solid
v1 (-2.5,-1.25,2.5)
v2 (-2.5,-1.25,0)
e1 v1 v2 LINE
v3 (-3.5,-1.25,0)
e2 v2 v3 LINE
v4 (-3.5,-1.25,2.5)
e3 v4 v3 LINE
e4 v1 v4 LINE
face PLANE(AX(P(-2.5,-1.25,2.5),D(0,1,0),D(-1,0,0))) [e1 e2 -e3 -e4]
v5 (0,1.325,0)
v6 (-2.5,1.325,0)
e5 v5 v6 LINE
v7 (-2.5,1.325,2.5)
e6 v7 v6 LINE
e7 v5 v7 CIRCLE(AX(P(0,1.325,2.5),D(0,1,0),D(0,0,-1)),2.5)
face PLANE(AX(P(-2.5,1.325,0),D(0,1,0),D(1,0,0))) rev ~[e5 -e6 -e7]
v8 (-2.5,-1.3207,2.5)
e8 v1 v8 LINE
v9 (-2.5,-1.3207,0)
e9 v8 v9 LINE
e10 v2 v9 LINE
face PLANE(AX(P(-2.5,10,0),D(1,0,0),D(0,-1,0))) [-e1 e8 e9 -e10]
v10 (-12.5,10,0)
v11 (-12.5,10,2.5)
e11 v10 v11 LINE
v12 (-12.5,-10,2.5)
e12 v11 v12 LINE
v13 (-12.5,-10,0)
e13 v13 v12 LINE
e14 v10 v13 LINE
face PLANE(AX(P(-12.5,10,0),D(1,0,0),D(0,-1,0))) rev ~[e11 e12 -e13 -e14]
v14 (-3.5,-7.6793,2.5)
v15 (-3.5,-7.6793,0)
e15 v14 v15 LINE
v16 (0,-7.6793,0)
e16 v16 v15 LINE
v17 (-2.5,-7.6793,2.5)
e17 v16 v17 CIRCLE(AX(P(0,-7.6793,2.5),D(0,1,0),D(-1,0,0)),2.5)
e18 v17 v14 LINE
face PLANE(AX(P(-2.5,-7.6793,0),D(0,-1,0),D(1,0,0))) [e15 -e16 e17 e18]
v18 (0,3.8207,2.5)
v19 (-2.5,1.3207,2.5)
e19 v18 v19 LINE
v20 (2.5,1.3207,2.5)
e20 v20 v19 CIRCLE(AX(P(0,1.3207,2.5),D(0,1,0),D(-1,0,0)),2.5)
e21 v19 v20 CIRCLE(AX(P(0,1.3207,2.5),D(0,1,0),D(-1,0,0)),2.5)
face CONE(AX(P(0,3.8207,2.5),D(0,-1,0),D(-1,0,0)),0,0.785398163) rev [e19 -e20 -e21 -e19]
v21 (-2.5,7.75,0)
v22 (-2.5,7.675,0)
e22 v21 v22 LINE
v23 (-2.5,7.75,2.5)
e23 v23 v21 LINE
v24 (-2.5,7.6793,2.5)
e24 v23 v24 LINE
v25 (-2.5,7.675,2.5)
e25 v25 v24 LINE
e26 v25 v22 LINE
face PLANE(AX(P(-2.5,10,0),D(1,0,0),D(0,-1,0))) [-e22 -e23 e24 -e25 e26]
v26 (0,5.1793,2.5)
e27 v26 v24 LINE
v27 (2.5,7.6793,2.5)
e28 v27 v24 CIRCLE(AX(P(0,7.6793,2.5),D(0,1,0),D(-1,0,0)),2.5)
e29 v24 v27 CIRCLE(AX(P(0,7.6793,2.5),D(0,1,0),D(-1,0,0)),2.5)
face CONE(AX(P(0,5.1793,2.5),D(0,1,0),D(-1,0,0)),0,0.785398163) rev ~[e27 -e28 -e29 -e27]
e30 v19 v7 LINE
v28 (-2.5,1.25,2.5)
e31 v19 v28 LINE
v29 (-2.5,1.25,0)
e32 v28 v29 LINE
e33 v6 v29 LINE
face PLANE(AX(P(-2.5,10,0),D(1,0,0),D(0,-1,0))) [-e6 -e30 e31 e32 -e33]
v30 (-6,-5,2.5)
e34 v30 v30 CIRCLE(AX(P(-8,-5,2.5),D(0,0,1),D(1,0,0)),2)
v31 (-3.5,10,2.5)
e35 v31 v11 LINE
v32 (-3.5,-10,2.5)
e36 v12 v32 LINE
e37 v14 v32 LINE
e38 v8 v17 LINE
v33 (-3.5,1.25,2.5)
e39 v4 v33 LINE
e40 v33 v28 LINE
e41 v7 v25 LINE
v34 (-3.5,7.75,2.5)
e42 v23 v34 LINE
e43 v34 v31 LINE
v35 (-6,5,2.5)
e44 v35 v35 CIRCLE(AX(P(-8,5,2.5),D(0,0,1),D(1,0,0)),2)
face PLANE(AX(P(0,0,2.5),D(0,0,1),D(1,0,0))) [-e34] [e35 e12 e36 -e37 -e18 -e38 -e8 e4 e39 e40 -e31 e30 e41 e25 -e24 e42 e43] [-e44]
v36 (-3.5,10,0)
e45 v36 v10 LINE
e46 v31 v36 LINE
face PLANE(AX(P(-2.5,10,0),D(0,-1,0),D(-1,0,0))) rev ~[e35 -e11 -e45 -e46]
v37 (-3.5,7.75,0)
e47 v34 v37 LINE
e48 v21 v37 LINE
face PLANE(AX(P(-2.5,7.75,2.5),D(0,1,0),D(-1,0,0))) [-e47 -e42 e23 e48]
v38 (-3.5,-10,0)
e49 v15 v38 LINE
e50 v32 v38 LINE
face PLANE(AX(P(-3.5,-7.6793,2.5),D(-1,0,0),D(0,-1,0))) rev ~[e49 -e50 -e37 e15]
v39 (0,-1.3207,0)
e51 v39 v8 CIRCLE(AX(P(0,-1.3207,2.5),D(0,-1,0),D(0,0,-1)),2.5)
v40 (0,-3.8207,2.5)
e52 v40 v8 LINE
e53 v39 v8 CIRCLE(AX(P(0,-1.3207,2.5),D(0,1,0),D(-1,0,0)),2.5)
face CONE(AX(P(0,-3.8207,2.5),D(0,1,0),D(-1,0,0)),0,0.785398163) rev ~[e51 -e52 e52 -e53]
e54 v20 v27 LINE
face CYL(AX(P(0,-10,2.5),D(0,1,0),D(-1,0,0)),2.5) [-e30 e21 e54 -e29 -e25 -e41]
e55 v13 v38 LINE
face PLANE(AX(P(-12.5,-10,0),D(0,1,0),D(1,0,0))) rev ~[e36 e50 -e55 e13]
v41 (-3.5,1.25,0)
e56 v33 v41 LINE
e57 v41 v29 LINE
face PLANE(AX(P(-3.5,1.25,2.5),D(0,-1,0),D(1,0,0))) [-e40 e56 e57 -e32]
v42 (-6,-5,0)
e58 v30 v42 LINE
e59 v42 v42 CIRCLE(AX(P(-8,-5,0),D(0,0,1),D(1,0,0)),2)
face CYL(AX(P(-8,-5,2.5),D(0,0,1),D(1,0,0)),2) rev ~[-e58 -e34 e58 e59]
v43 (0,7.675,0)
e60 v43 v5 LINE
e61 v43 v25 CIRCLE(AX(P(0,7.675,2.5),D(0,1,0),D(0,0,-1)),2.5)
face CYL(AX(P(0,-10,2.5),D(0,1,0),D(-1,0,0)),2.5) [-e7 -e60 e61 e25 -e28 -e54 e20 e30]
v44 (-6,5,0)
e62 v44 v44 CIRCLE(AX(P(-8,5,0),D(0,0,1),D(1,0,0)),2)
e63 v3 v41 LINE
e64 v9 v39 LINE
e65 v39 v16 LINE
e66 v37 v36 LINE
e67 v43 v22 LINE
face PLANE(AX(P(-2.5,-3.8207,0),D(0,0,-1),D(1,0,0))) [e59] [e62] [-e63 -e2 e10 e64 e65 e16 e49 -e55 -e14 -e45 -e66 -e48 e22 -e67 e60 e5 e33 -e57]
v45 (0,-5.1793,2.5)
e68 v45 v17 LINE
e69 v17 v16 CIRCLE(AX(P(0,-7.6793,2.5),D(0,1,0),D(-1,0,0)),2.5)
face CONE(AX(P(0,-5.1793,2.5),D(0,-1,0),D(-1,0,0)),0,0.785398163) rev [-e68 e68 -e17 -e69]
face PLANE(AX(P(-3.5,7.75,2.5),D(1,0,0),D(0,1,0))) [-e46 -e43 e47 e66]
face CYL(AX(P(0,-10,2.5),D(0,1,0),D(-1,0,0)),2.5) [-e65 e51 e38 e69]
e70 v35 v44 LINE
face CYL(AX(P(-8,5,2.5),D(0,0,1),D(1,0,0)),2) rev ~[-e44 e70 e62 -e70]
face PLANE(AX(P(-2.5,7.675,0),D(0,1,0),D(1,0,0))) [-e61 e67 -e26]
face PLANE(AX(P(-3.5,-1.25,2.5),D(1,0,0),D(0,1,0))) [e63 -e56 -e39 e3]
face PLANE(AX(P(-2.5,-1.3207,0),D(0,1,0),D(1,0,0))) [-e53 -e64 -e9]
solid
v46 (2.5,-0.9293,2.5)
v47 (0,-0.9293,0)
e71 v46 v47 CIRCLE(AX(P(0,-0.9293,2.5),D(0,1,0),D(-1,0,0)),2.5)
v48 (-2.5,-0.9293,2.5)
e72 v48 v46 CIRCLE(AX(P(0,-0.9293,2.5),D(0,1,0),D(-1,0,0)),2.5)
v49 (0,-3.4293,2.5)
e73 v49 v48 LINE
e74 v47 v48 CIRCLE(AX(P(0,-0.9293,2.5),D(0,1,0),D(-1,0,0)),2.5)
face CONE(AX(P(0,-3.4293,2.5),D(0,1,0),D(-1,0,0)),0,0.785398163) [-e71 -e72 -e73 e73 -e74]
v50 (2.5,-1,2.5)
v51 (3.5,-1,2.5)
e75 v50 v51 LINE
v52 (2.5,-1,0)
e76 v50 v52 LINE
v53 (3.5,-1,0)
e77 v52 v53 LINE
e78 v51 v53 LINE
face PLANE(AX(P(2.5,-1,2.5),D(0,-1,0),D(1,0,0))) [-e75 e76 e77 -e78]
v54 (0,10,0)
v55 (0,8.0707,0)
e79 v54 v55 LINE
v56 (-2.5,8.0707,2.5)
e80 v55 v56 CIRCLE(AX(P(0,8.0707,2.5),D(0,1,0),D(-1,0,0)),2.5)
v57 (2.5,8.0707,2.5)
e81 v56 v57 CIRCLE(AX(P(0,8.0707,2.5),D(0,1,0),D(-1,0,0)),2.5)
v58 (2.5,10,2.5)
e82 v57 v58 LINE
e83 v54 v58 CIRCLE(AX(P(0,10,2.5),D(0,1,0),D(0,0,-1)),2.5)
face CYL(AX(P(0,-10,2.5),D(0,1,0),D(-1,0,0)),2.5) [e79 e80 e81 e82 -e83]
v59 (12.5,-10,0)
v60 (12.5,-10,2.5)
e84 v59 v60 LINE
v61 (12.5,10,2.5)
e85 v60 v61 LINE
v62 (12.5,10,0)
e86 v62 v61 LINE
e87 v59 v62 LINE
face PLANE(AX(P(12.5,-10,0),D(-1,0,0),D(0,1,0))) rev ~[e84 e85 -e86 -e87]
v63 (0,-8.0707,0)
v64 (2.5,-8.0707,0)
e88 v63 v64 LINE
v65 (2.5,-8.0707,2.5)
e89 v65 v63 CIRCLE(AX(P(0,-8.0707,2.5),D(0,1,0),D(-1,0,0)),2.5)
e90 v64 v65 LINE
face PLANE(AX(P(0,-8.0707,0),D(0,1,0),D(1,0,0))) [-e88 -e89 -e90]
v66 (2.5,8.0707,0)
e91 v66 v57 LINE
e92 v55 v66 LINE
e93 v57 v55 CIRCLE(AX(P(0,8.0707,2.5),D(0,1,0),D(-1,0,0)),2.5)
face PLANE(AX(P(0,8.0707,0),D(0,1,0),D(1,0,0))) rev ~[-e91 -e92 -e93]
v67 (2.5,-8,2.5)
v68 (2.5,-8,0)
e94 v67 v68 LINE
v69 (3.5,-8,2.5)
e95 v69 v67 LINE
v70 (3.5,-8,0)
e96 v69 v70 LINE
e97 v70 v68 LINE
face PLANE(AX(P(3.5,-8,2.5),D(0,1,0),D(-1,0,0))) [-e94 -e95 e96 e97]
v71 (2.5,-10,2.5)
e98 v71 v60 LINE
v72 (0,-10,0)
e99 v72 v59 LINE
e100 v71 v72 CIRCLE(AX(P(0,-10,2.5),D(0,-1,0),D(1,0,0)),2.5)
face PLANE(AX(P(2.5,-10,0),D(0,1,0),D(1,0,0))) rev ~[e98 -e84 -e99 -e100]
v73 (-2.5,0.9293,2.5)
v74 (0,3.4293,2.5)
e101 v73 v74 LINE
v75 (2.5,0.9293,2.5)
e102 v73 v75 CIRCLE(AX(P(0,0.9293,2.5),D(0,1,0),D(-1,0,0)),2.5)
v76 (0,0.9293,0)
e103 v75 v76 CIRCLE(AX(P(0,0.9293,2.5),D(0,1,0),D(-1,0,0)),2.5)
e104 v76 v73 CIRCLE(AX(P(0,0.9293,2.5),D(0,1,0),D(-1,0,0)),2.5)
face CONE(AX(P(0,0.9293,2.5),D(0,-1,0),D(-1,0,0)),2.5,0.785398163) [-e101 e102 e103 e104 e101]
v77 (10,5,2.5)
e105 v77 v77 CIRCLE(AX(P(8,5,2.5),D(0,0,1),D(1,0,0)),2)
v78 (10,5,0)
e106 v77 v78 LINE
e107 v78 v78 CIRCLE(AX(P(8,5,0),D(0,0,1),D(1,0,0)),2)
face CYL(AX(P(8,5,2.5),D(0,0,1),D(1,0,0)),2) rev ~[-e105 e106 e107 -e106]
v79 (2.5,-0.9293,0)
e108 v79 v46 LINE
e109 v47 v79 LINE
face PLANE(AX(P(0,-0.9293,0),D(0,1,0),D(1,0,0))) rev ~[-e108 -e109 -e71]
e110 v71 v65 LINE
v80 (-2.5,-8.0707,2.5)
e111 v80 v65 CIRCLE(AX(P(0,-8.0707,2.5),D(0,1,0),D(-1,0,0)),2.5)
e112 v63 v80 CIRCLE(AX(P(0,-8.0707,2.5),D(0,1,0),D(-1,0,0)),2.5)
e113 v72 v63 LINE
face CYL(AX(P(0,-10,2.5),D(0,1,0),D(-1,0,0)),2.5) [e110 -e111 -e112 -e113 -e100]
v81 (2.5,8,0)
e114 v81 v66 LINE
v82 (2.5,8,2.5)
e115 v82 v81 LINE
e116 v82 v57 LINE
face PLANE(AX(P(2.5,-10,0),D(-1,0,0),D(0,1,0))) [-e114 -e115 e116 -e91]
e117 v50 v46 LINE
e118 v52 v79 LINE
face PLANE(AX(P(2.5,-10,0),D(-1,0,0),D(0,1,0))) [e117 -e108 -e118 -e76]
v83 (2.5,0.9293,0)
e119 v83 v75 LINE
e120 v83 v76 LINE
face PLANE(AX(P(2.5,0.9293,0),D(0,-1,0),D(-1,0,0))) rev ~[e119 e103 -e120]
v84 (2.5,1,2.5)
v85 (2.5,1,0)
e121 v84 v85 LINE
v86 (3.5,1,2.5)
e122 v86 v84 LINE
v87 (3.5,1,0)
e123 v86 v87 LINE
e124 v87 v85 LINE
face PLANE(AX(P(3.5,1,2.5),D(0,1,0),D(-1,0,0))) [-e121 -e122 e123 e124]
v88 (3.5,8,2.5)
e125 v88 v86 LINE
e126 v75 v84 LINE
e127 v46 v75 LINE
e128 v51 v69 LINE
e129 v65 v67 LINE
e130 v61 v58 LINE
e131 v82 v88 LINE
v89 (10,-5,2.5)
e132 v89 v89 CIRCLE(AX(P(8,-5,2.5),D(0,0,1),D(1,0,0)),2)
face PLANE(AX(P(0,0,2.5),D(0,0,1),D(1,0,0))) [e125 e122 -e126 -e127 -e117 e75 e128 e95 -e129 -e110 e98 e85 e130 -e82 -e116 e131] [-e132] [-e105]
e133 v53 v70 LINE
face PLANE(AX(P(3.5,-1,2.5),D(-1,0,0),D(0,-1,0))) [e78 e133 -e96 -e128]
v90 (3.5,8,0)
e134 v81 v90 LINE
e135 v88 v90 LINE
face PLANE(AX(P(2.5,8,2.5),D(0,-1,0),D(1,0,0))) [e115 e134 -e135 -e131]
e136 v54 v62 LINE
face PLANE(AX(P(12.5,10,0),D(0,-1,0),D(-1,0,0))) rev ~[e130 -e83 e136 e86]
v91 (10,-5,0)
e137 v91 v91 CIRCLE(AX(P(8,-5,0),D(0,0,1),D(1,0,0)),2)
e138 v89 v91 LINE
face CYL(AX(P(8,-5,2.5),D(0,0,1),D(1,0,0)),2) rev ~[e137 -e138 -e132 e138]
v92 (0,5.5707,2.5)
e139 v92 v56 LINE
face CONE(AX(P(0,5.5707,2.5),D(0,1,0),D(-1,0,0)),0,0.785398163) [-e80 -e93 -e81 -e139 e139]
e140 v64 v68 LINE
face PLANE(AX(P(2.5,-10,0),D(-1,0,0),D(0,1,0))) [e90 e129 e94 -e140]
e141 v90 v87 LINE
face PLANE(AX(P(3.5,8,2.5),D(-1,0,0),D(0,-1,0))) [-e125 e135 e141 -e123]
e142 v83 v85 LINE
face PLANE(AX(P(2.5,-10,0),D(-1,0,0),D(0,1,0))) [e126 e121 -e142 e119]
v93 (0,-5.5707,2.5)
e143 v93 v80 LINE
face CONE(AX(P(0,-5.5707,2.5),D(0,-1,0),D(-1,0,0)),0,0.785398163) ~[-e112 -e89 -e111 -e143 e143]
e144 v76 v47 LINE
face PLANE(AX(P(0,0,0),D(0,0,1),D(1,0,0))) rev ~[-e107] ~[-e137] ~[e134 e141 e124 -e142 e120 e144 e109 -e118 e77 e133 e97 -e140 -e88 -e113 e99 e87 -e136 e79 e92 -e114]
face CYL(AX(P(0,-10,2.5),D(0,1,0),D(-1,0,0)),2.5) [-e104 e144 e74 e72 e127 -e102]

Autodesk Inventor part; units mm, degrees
ref_plane "YZ Plane" through (0, 0, 0) normal (1, 0, 0) x (0, 1, 0)
ref_plane "XZ Plane" through (0, 0, 0) normal (0, 1, 0) x (-1, 0, 0)
sketch "Sketch1" plane through (0, 0, 0) normal (0, 0, 1) x (1, 0, 0)
  line L0 (12.5, -10) -> (12.5, 10)
  line L1 (-12.5, 10) -> (-12.5, -10)
  line L2 (-12.5, -10) -> (12.5, 10) construction
  line L3 (12.5, -10) -> (-12.5, 10) construction
  line L4 (2.5, -10) -> (2.5, 10)
  line L5 (-2.5, 10) -> (-2.5, -10)
  line L6 (-2.5, -10) -> (2.5, 10) construction
  line L7 (2.5, -10) -> (-2.5, 10) construction
  line L8 (12.5, 10) -> (2.5, 10)
  line L9 (-2.5, 10) -> (-12.5, 10)
  line L10 (-12.5, -10) -> (-2.5, -10)
  line L11 (2.5, -10) -> (12.5, -10)
  point P0 (0, 0)
  dimension "d0" = 25
  dimension "d1" = 20
  dimension "d2" = 5
  dimension "d3" = 20
  dimension "d4" = 38.66
  dimension "d5" = 75.964
extrude "Extrusion1" add sketch "Sketch1" along normal blind 2.5
sketch "Sketch2" plane through (0, 0, 2.5) normal (0, 0, 1) x (1, 0, 0)
  line L0 (-2.5, -10) -> (-2.5, 10) projected
  line L1 (12.5, 10) -> (2.5, 10) projected
  line L2 (-2.5, 10) -> (0, 10)
  line L3 (2.5, 10) -> (2.5, -10) projected
  line L4 (-2.5, 10) -> (-2.5, 8.0707)
  line L5 (0, 5.5707) -> (0, 10)
  line L6 (-2.5, 7.75) -> (1.5, 7.75) construction
  line L7 (-2.5, 0) -> (-2.5, 1)
  line L8 (0, 0) -> (0, 3.5)
  line L9 (-2.5, 1) -> (-2.5, 1.25) construction
  line L10 (0, 3.75) -> (0, 5.1793)
  line L11 (-2.5, 1.25) -> (-2.5, 7.6793)
  line L12 (-2.5, -10) -> (0, -10)
  line L13 (-2.5, -10) -> (-2.5, -8.0707)
  line L14 (0, -5.5707) -> (0, -10)
  line L15 (-2.5, 0) -> (-2.5, -0.9293)
  line L16 (0, 0) -> (0, -3.4293)
  line L17 (-2.5, -1) -> (-2.5, -1.25) construction
  line L18 (0, -3.8207) -> (0, -5.1793)
  line L19 (-2.5, -1.3207) -> (-2.5, -7.6793)
  line L20 (0, -5.5707) -> (-2.5, -8.0707)
  line L21 (0, -5.1793) -> (-2.5, -7.6793)
  line L22 (0, -3.8207) -> (-2.5, -1.3207)
  line L23 (0, -3.4293) -> (-2.5, -0.9293)
  line L24 (0, 3.8207) -> (-2.5, 1.3207)
  line L25 (0, 5.1793) -> (-2.5, 7.6793)
  line L26 (0, 5.5707) -> (-2.5, 8.0707)
  line L27 (-2.5, 0.9293) -> (0, 3.4293)
  point P0 (-2.5, 8)
  dimension "d11" = 2
  dimension "d15" = 1
  dimension "d18" = 0.25
  dimension "d19" = 90
  dimension "d20" = 90
  dimension "d21" = 90
  dimension "d22" = 90
  dimension "d23" = 90
  dimension "d24" = 90
  dimension "d25" = 90
  dimension "d26" = 2.5
  dimension "d27" = 2.25
  dimension "d28" = 2.5
  dimension "d33" = 12.5
  dimension "d34" = 12.5
  dimension "d35" = 1
  dimension "d73" = 45
  dimension "d74" = 90
  dimension "d75" = 6.364
  dimension "d76" = 6.6407
  dimension "d77" = 0.2768
  dimension "d78" = 6.364
  dimension "d79" = 6.0872
  dimension "d80" = 0.2768
  dimension "d81" = 4.4694
  dimension "d82" = 12.2476
  dimension "d83" = 15
  dimension "d84" = 15
  dimension "d85" = 6.25
  dimension "d86" = 6.5
  dimension "d87" = 11
  dimension "d88" = 11.25
revolve "Revolution1" add sketch "Sketch2" angle 360 about axis through (0, 0, 2.5) along (0, 1, 0)
sketch "Sketch4" plane through (0, 0, 2.5) normal (0, 0, 1) x (1, 0, 0)
  line L0 (-2.5, -1.3207) -> (-2.5, 8.0707) projected
  line L1 (-2.5, 7.75) -> (-3.5, 7.75)
  line L2 (-3.5, 7.75) -> (-3.5, 10)
  line L3 (-3.5, 10) -> (-2.5, 10)
  line L4 (-2.5, 10) -> (-2.5, 7.75)
  line L5 (2.5, 10) -> (2.5, 8.0707) projected
  line L6 (2.5, 8) -> (3.5, 8)
  line L7 (3.5, 8) -> (3.5, 1)
  line L8 (3.5, 1) -> (2.5, 1)
  line L9 (2.5, 1) -> (2.5, 8)
  line L10 (-2.5, -7.6793) -> (-2.5, -1.3207) projected
  line L11 (-2.5, -1.25) -> (-3.5, -1.25)
  line L12 (-3.5, -1.25) -> (-3.5, 1.25)
  line L13 (-3.5, 1.25) -> (-2.5, 1.25)
  line L14 (-2.5, 1.25) -> (-2.5, -1.25)
  line L15 (2.5, 0.9293) -> (2.5, -0.9293) projected
  line L16 (2.5, -1) -> (3.5, -1)
  line L17 (3.5, -1) -> (3.5, -8)
  line L18 (3.5, -8) -> (2.5, -8)
  line L19 (2.5, -8) -> (2.5, -1)
  line L20 (2.5, -7.6793) -> (-2.5, -7.6793) projected
  line L21 (-2.5, -10) -> (-12.5, -10) projected
  line L22 (-2.5, -7.6793) -> (-3.5, -7.6793)
  line L23 (-3.5, -7.6793) -> (-3.5, -10)
  line L24 (-3.5, -10) -> (-2.5, -10)
  line L25 (-2.5, -10) -> (-2.5, -7.6793)
  point P0 (0, 0)
  point P1 (-2.5, 8)
  point P2 (0, -7.6793)
  dimension "d39" = 1
  dimension "d40" = 2.25
  dimension "d41" = 1
  dimension "d42" = 7
  dimension "d43" = 1
  dimension "d44" = 2.5
  dimension "d45" = 1
  dimension "d46" = 7
  dimension "d47" = 1
extrude "Extrusion3" cut sketch "Sketch4" against normal blind 2.5
sketch "Sketch5" plane through (0, 0, 2.5) normal (0, 0, 1) x (1, 0, 0)
  circle A0 centre (8, -5) radius 2
  line L0 (2.5, -10) -> (12.5, -10) projected
  line L1 (12.5, -10) -> (12.5, 10) projected
  line L2 (-12.5, 10) -> (-12.5, -10) projected
  line L3 (-12.5, -10) -> (-3.5, -10) projected
  circle A1 centre (8, 5) radius 2
  circle A2 centre (-8, -5) radius 2
  circle A3 centre (-8, 5) radius 2
  point P0 (0, 0)
  dimension "d50" = 4
  dimension "d51" = 5
  dimension "d52" = 4.5
  dimension "d57" = 10
  dimension "d60" = 16
extrude "Extrusion4" cut sketch "Sketch5" against normal blind 2.5
sketch "Sketch6" plane through (0, 0, 0) normal (0, 0, -1) x (-1, 0, 0)
  line L0 (-2.5, 8) -> (-2.5, 10) projected
  line L1 (2.5, 8.0707) -> (-2.5, 8.0707) projected
  line L2 (-2.5, 10) -> (0, 10)
  line L3 (0, 10) -> (0, 8.0707)
  line L4 (0, 8.0707) -> (-2.5, 8.0707)
  line L5 (-2.5, 8.0707) -> (-2.5, 10)
  line L6 (2.5, 7.6793) -> (0, 5.1793) projected
  line L7 (2.5, 1.25) -> (3.5, 1.25) projected
  line L8 (-2.5, 0.9293) -> (-2.5, -0.9293) projected
  line L9 (2.5, -0.9293) -> (-2.5, -0.9293) projected
  line L10 (-2.5, 0.9293) -> (0, 0.9293)
  line L11 (0, 0.9293) -> (0, -0.9293)
  line L12 (0, -0.9293) -> (-2.5, -0.9293)
  line L13 (-2.5, -0.9293) -> (-2.5, 0.9293)
  line L14 (-2.5, -8.0707) -> (-2.5, -10) projected
  line L15 (2.5, -8.0707) -> (-2.5, -8.0707) projected
  line L16 (-2.5, -10) -> (0, -10)
  line L17 (0, -10) -> (0, -8.0707)
  line L18 (0, -8.0707) -> (-2.5, -8.0707)
  line L19 (-2.5, -8.0707) -> (-2.5, -10)
  line L20 (0, 3.8207) -> (2.5, 1.3207) projected
  line L21 (0, -5.1793) -> (-2.5, -7.6793) projected
  line L22 (-2.5, -1.3207) -> (0, -3.8207) projected
  line L23 (0, -3.8207) -> (0, -5.1793)
  line L24 (0, -5.1793) -> (2.5, -7.6793) projected
  line L25 (0, 5.1793) -> (2.5, 5.1793)
  line L26 (2.5, 7.75) -> (2.5, 1.25) projected
  line L27 (0, 3.8207) -> (2.5, 3.8207)
  line L28 (2.5, 3.8207) -> (2.5, 5.1793)
  line L29 (0, -3.8207) -> (2.5, -3.8207)
  line L30 (2.5, -1.25) -> (2.5, -7.6793) projected
  line L31 (0, -5.1793) -> (2.5, -5.1793)
  line L32 (2.5, -3.8207) -> (2.5, -5.1793)
  line L33 (0, 5.1793) -> (0, 3.8207)
  point P0 (0, 0)
  point P1 (2.5, -1.3207)
extrude "Extrusion5" add sketch "Sketch6" against normal blind 2.5 contours L0 L2 L3 L1 | L25 L26 L27 L33 | L10 L11 L9 L8 | L15 L17 L16 L14 | L29 L30 L31 L23
sketch "Sketch7" plane through (-2.5, -5.1793, 0) normal (0, -1, 0) x (1, 0, 0)
  line L0 (2.5, 0) -> (0, 0)
  circle A0 centre (2.5, 2.5) radius 2.5 projected
  line L1 (0, 0) -> (0, 2.5) projected
  line L2 (0, 0) -> (0, 2.5)
  line L3 (-1, 2.5) -> (0, 2.5) projected
  arc A1 (0, 2.5) -> (2.5, 0) centre (2.5, 2.5) ccw
extrude "Extrusion6" add sketch "Sketch7" along normal blind 2.5 contours L0 L1 A0
sketch "Sketch8" plane through (-2.5, -3.8207, 0) normal (0, 1, 0) x (1, 0, 0)
  line L0 (0, -2.5) -> (-1, -2.5) projected
  line L1 (0, 0) -> (2.5, 0) projected
  line L2 (0, -2.5) -> (0, 0)
  line L3 (0, 0) -> (2.5, 0)
  line L4 (0, 0) -> (0, -2.5) projected
  arc A0 (2.5, 0) -> (0, -2.5) centre (2.5, -2.5) ccw
extrude "Extrusion7" add sketch "Sketch8" along normal blind 2.5
ref_plane "Work Plane1" through (-2.5, 4.5, 0) normal (0, 1, 0) x (1, 0, 0)
sketch "Sketch9" plane through (-2.5, 4.5, 0) normal (0, 1, 0) x (1, 0, 0)
  line L0 (0, -2.5) -> (-1, -2.5) projected
  line L1 (0, -2.5) -> (0, 0) projected
  line L2 (0, -2.5) -> (0, 0)
  line L3 (2.5, 0) -> (0, 0) projected
  line L4 (0, 0) -> (2.5, 0)
  arc A0 (2.5, 0) -> (0, -2.5) centre (2.5, -2.5) ccw
extrude "Extrusion8" add sketch "Sketch9" along normal mid plane 6.35
properties part number "26.2 scharnier 0.3 mm speling"
